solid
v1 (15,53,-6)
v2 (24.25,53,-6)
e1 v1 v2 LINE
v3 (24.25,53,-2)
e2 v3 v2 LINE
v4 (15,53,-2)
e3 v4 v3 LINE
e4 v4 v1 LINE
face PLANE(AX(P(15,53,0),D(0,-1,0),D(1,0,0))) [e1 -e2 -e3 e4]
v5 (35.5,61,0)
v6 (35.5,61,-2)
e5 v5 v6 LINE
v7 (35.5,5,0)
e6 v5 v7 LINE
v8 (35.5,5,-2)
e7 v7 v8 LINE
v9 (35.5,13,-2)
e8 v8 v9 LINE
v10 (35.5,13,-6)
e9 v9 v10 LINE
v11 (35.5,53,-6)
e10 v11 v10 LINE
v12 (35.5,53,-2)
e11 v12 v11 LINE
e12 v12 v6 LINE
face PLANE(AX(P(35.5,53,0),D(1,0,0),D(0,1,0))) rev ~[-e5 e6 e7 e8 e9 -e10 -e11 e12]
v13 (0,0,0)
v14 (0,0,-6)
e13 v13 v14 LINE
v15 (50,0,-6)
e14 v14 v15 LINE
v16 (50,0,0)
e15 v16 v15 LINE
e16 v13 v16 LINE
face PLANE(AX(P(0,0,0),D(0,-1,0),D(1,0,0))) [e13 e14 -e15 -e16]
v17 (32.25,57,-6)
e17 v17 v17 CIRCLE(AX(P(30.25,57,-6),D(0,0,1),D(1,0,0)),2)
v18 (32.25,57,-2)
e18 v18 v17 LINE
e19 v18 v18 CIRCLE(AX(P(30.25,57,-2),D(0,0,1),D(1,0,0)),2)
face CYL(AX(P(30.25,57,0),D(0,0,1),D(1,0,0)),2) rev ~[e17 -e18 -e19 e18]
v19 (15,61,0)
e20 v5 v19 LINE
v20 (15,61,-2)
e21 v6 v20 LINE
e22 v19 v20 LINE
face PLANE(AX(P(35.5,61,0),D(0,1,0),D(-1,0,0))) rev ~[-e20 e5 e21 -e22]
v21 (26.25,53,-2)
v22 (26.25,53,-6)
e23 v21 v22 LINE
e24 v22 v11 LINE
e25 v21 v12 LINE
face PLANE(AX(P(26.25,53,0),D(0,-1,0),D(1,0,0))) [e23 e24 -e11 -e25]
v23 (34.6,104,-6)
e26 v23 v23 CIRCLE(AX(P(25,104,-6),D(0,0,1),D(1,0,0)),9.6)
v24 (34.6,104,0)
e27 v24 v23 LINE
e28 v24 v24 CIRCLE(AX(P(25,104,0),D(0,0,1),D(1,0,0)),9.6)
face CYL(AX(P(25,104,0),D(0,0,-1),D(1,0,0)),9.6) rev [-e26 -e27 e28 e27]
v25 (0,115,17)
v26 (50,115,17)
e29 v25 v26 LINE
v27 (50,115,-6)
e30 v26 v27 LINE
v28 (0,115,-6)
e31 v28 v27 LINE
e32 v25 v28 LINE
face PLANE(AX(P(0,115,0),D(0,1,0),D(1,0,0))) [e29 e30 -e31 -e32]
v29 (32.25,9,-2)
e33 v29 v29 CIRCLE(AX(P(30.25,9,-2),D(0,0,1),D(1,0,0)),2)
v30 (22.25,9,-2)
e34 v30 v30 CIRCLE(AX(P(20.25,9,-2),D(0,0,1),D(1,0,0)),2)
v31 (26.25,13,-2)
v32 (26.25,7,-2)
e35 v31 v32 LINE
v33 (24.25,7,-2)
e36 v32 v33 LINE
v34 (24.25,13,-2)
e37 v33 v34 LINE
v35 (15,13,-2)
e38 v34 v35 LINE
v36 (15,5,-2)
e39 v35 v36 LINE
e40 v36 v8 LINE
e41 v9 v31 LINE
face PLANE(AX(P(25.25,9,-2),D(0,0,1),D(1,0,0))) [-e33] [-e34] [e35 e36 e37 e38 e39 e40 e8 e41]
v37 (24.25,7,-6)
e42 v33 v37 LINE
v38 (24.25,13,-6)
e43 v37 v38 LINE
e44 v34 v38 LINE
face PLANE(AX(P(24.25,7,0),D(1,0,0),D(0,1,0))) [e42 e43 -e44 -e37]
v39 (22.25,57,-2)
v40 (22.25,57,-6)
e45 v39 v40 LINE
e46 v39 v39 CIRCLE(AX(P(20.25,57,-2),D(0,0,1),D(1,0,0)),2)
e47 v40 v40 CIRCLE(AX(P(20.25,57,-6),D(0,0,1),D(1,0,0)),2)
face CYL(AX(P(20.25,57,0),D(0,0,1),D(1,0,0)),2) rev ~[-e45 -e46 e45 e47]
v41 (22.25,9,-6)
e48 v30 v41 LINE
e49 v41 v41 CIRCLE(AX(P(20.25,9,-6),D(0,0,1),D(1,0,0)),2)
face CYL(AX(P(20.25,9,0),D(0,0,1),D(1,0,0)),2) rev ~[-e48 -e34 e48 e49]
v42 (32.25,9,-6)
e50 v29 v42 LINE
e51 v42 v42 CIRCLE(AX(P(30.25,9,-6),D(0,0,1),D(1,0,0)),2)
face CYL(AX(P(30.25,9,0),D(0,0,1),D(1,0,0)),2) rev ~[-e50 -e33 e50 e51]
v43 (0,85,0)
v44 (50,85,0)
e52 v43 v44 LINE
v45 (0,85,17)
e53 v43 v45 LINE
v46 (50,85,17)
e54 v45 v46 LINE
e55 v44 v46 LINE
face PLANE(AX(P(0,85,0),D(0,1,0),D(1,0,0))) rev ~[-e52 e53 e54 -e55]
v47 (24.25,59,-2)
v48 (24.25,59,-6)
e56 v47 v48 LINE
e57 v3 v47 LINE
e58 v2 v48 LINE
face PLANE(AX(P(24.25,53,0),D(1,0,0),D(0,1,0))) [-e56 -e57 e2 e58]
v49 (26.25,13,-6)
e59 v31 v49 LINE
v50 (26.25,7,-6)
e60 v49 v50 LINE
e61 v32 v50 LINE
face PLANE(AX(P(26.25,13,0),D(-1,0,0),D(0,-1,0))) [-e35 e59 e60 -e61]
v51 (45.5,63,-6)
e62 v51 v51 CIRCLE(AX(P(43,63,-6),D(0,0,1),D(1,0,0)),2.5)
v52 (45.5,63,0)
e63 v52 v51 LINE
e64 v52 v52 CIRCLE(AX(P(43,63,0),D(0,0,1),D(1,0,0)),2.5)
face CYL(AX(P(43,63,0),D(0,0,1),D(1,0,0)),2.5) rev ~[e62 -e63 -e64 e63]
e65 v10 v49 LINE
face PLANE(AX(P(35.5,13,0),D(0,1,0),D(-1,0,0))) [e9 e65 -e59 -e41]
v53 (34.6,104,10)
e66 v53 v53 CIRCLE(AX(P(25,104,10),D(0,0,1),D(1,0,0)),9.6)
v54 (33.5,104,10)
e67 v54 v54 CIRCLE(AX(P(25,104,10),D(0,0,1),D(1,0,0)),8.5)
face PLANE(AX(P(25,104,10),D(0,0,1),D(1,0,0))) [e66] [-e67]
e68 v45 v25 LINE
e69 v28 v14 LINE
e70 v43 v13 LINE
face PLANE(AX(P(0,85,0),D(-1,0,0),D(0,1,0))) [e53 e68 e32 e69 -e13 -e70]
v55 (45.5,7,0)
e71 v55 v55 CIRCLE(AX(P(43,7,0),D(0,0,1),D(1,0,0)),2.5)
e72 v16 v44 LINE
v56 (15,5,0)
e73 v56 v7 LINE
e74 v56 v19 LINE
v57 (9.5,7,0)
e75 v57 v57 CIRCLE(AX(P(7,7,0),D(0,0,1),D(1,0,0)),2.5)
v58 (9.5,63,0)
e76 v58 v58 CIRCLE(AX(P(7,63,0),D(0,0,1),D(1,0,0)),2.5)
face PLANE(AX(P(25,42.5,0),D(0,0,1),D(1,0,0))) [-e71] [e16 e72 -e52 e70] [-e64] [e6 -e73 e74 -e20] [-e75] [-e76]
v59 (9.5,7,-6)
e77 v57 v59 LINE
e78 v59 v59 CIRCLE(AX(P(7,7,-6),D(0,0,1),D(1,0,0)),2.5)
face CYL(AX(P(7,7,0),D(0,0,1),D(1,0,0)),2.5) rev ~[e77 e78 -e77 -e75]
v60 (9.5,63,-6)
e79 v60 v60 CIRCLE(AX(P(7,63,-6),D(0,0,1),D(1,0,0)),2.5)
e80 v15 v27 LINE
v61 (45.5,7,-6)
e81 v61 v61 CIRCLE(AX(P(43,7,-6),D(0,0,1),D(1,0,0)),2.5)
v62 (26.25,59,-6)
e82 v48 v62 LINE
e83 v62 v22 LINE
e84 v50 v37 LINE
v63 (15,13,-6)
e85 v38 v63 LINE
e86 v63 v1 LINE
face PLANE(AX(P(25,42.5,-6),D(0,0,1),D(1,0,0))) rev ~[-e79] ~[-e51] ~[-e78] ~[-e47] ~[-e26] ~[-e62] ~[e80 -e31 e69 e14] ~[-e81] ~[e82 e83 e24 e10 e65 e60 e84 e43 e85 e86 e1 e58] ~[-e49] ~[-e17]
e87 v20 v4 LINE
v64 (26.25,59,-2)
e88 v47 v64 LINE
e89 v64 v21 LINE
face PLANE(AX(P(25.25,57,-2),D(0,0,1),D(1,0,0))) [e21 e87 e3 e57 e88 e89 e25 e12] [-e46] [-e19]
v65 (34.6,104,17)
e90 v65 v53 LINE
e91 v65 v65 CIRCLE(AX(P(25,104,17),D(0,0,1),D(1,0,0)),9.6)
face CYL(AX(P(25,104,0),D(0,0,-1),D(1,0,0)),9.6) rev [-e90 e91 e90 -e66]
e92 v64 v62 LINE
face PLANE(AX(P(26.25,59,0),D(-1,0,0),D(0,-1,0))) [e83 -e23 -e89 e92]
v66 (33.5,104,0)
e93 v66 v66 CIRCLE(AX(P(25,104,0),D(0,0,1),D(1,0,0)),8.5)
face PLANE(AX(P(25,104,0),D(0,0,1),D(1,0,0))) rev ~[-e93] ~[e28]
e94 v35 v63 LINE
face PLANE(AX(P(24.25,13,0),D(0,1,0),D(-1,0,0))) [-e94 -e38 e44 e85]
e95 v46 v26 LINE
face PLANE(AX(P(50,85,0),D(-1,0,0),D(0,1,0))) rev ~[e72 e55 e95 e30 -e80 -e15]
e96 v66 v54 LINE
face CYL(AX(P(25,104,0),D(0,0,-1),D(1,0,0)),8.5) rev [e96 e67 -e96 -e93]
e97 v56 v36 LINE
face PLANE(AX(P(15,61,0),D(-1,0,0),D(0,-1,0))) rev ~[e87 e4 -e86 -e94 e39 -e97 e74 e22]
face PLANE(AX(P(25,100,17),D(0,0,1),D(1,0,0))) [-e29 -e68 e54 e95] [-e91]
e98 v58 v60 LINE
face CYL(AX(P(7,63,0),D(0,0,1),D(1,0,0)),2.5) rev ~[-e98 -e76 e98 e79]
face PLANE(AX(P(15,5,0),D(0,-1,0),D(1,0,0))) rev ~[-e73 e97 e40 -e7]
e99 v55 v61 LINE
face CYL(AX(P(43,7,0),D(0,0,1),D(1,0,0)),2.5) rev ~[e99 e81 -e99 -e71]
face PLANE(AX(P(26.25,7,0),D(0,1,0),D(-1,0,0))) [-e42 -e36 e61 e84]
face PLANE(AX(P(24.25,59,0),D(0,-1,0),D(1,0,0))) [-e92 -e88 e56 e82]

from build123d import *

# Parameters (mm, degrees)
F0_W     = 50
F0_H     = 85
F0_R     = 2.5
F0_R_2   = 2
F0_H_2   = 30
F0_R_3   = 9.6
F1_DEPTH = 6
F2_DEPTH = 2
F3_DEPTH = 17
F0_R_4   = 8.5
F4_DEPTH = 10


with BuildPart() as f1:
    # F0 (on Top) → F1 (new body)
    with BuildSketch(Plane.XY):
        with Locations((25, 42.5)):
            Rectangle(F0_W, F0_H)
        with Locations((7, 7)):
            Circle(F0_R, mode=Mode.SUBTRACT)
        with Locations((43, 7)):
            Circle(F0_R, mode=Mode.SUBTRACT)
        Polygon((35.5, 5), (15, 5), (15, 13), (15, 53), (15, 61), (35.5, 61), (35.5, 53), (35.5, 13), align=None, mode=Mode.SUBTRACT)
        with Locations((7, 63)):
            Circle(F0_R, mode=Mode.SUBTRACT)
        with Locations((43, 63)):
            Circle(F0_R, mode=Mode.SUBTRACT)
        Polygon((15, 61), (15, 53), (24.25, 53), (24.25, 59), (26.25, 59), (26.25, 53), (35.5, 53), (35.5, 61), align=None)
        with Locations((20.25, 57)):
            Circle(F0_R_2, mode=Mode.SUBTRACT)
        with Locations((30.25, 57)):
            Circle(F0_R_2, mode=Mode.SUBTRACT)
        Polygon((15, 13), (15, 5), (35.5, 5), (35.5, 13), (26.25, 13), (26.25, 7), (24.25, 7), (24.25, 13), align=None)
        with Locations((20.25, 9)):
            Circle(F0_R_2, mode=Mode.SUBTRACT)
        with Locations((30.25, 9)):
            Circle(F0_R_2, mode=Mode.SUBTRACT)
        with Locations((25, 100)):
            Rectangle(F0_W, F0_H_2)
        with Locations((25, 104)):
            Circle(F0_R_3, mode=Mode.SUBTRACT)
    extrude(amount=-F1_DEPTH)

    # F0 (on Top) → F2 (cut)
    with BuildSketch(Plane.XY):
        Polygon((15, 61), (15, 53), (24.25, 53), (24.25, 59), (26.25, 59), (26.25, 53), (35.5, 53), (35.5, 61), align=None)
        with Locations((20.25, 57)):
            Circle(F0_R_2, mode=Mode.SUBTRACT)
        with Locations((30.25, 57)):
            Circle(F0_R_2, mode=Mode.SUBTRACT)
        Polygon((15, 13), (15, 5), (35.5, 5), (35.5, 13), (26.25, 13), (26.25, 7), (24.25, 7), (24.25, 13), align=None)
        with Locations((20.25, 9)):
            Circle(F0_R_2, mode=Mode.SUBTRACT)
        with Locations((30.25, 9)):
            Circle(F0_R_2, mode=Mode.SUBTRACT)
    extrude(amount=-F2_DEPTH, mode=Mode.SUBTRACT)

    # F0 (on Top) → F3 (join)
    with BuildSketch(Plane.XY):
        with Locations((25, 100)):
            Rectangle(F0_W, F0_H_2)
        with Locations((25, 104)):
            Circle(F0_R_3, mode=Mode.SUBTRACT)
    extrude(amount=F3_DEPTH)

    # F0 (on Top) → F4 (join)
    with BuildSketch(Plane.XY):
        with Locations((25, 104)):
            Circle(F0_R_3)
        with Locations((25, 104)):
            Circle(F0_R_4, mode=Mode.SUBTRACT)
    extrude(amount=F4_DEPTH)


solid = f1.part
